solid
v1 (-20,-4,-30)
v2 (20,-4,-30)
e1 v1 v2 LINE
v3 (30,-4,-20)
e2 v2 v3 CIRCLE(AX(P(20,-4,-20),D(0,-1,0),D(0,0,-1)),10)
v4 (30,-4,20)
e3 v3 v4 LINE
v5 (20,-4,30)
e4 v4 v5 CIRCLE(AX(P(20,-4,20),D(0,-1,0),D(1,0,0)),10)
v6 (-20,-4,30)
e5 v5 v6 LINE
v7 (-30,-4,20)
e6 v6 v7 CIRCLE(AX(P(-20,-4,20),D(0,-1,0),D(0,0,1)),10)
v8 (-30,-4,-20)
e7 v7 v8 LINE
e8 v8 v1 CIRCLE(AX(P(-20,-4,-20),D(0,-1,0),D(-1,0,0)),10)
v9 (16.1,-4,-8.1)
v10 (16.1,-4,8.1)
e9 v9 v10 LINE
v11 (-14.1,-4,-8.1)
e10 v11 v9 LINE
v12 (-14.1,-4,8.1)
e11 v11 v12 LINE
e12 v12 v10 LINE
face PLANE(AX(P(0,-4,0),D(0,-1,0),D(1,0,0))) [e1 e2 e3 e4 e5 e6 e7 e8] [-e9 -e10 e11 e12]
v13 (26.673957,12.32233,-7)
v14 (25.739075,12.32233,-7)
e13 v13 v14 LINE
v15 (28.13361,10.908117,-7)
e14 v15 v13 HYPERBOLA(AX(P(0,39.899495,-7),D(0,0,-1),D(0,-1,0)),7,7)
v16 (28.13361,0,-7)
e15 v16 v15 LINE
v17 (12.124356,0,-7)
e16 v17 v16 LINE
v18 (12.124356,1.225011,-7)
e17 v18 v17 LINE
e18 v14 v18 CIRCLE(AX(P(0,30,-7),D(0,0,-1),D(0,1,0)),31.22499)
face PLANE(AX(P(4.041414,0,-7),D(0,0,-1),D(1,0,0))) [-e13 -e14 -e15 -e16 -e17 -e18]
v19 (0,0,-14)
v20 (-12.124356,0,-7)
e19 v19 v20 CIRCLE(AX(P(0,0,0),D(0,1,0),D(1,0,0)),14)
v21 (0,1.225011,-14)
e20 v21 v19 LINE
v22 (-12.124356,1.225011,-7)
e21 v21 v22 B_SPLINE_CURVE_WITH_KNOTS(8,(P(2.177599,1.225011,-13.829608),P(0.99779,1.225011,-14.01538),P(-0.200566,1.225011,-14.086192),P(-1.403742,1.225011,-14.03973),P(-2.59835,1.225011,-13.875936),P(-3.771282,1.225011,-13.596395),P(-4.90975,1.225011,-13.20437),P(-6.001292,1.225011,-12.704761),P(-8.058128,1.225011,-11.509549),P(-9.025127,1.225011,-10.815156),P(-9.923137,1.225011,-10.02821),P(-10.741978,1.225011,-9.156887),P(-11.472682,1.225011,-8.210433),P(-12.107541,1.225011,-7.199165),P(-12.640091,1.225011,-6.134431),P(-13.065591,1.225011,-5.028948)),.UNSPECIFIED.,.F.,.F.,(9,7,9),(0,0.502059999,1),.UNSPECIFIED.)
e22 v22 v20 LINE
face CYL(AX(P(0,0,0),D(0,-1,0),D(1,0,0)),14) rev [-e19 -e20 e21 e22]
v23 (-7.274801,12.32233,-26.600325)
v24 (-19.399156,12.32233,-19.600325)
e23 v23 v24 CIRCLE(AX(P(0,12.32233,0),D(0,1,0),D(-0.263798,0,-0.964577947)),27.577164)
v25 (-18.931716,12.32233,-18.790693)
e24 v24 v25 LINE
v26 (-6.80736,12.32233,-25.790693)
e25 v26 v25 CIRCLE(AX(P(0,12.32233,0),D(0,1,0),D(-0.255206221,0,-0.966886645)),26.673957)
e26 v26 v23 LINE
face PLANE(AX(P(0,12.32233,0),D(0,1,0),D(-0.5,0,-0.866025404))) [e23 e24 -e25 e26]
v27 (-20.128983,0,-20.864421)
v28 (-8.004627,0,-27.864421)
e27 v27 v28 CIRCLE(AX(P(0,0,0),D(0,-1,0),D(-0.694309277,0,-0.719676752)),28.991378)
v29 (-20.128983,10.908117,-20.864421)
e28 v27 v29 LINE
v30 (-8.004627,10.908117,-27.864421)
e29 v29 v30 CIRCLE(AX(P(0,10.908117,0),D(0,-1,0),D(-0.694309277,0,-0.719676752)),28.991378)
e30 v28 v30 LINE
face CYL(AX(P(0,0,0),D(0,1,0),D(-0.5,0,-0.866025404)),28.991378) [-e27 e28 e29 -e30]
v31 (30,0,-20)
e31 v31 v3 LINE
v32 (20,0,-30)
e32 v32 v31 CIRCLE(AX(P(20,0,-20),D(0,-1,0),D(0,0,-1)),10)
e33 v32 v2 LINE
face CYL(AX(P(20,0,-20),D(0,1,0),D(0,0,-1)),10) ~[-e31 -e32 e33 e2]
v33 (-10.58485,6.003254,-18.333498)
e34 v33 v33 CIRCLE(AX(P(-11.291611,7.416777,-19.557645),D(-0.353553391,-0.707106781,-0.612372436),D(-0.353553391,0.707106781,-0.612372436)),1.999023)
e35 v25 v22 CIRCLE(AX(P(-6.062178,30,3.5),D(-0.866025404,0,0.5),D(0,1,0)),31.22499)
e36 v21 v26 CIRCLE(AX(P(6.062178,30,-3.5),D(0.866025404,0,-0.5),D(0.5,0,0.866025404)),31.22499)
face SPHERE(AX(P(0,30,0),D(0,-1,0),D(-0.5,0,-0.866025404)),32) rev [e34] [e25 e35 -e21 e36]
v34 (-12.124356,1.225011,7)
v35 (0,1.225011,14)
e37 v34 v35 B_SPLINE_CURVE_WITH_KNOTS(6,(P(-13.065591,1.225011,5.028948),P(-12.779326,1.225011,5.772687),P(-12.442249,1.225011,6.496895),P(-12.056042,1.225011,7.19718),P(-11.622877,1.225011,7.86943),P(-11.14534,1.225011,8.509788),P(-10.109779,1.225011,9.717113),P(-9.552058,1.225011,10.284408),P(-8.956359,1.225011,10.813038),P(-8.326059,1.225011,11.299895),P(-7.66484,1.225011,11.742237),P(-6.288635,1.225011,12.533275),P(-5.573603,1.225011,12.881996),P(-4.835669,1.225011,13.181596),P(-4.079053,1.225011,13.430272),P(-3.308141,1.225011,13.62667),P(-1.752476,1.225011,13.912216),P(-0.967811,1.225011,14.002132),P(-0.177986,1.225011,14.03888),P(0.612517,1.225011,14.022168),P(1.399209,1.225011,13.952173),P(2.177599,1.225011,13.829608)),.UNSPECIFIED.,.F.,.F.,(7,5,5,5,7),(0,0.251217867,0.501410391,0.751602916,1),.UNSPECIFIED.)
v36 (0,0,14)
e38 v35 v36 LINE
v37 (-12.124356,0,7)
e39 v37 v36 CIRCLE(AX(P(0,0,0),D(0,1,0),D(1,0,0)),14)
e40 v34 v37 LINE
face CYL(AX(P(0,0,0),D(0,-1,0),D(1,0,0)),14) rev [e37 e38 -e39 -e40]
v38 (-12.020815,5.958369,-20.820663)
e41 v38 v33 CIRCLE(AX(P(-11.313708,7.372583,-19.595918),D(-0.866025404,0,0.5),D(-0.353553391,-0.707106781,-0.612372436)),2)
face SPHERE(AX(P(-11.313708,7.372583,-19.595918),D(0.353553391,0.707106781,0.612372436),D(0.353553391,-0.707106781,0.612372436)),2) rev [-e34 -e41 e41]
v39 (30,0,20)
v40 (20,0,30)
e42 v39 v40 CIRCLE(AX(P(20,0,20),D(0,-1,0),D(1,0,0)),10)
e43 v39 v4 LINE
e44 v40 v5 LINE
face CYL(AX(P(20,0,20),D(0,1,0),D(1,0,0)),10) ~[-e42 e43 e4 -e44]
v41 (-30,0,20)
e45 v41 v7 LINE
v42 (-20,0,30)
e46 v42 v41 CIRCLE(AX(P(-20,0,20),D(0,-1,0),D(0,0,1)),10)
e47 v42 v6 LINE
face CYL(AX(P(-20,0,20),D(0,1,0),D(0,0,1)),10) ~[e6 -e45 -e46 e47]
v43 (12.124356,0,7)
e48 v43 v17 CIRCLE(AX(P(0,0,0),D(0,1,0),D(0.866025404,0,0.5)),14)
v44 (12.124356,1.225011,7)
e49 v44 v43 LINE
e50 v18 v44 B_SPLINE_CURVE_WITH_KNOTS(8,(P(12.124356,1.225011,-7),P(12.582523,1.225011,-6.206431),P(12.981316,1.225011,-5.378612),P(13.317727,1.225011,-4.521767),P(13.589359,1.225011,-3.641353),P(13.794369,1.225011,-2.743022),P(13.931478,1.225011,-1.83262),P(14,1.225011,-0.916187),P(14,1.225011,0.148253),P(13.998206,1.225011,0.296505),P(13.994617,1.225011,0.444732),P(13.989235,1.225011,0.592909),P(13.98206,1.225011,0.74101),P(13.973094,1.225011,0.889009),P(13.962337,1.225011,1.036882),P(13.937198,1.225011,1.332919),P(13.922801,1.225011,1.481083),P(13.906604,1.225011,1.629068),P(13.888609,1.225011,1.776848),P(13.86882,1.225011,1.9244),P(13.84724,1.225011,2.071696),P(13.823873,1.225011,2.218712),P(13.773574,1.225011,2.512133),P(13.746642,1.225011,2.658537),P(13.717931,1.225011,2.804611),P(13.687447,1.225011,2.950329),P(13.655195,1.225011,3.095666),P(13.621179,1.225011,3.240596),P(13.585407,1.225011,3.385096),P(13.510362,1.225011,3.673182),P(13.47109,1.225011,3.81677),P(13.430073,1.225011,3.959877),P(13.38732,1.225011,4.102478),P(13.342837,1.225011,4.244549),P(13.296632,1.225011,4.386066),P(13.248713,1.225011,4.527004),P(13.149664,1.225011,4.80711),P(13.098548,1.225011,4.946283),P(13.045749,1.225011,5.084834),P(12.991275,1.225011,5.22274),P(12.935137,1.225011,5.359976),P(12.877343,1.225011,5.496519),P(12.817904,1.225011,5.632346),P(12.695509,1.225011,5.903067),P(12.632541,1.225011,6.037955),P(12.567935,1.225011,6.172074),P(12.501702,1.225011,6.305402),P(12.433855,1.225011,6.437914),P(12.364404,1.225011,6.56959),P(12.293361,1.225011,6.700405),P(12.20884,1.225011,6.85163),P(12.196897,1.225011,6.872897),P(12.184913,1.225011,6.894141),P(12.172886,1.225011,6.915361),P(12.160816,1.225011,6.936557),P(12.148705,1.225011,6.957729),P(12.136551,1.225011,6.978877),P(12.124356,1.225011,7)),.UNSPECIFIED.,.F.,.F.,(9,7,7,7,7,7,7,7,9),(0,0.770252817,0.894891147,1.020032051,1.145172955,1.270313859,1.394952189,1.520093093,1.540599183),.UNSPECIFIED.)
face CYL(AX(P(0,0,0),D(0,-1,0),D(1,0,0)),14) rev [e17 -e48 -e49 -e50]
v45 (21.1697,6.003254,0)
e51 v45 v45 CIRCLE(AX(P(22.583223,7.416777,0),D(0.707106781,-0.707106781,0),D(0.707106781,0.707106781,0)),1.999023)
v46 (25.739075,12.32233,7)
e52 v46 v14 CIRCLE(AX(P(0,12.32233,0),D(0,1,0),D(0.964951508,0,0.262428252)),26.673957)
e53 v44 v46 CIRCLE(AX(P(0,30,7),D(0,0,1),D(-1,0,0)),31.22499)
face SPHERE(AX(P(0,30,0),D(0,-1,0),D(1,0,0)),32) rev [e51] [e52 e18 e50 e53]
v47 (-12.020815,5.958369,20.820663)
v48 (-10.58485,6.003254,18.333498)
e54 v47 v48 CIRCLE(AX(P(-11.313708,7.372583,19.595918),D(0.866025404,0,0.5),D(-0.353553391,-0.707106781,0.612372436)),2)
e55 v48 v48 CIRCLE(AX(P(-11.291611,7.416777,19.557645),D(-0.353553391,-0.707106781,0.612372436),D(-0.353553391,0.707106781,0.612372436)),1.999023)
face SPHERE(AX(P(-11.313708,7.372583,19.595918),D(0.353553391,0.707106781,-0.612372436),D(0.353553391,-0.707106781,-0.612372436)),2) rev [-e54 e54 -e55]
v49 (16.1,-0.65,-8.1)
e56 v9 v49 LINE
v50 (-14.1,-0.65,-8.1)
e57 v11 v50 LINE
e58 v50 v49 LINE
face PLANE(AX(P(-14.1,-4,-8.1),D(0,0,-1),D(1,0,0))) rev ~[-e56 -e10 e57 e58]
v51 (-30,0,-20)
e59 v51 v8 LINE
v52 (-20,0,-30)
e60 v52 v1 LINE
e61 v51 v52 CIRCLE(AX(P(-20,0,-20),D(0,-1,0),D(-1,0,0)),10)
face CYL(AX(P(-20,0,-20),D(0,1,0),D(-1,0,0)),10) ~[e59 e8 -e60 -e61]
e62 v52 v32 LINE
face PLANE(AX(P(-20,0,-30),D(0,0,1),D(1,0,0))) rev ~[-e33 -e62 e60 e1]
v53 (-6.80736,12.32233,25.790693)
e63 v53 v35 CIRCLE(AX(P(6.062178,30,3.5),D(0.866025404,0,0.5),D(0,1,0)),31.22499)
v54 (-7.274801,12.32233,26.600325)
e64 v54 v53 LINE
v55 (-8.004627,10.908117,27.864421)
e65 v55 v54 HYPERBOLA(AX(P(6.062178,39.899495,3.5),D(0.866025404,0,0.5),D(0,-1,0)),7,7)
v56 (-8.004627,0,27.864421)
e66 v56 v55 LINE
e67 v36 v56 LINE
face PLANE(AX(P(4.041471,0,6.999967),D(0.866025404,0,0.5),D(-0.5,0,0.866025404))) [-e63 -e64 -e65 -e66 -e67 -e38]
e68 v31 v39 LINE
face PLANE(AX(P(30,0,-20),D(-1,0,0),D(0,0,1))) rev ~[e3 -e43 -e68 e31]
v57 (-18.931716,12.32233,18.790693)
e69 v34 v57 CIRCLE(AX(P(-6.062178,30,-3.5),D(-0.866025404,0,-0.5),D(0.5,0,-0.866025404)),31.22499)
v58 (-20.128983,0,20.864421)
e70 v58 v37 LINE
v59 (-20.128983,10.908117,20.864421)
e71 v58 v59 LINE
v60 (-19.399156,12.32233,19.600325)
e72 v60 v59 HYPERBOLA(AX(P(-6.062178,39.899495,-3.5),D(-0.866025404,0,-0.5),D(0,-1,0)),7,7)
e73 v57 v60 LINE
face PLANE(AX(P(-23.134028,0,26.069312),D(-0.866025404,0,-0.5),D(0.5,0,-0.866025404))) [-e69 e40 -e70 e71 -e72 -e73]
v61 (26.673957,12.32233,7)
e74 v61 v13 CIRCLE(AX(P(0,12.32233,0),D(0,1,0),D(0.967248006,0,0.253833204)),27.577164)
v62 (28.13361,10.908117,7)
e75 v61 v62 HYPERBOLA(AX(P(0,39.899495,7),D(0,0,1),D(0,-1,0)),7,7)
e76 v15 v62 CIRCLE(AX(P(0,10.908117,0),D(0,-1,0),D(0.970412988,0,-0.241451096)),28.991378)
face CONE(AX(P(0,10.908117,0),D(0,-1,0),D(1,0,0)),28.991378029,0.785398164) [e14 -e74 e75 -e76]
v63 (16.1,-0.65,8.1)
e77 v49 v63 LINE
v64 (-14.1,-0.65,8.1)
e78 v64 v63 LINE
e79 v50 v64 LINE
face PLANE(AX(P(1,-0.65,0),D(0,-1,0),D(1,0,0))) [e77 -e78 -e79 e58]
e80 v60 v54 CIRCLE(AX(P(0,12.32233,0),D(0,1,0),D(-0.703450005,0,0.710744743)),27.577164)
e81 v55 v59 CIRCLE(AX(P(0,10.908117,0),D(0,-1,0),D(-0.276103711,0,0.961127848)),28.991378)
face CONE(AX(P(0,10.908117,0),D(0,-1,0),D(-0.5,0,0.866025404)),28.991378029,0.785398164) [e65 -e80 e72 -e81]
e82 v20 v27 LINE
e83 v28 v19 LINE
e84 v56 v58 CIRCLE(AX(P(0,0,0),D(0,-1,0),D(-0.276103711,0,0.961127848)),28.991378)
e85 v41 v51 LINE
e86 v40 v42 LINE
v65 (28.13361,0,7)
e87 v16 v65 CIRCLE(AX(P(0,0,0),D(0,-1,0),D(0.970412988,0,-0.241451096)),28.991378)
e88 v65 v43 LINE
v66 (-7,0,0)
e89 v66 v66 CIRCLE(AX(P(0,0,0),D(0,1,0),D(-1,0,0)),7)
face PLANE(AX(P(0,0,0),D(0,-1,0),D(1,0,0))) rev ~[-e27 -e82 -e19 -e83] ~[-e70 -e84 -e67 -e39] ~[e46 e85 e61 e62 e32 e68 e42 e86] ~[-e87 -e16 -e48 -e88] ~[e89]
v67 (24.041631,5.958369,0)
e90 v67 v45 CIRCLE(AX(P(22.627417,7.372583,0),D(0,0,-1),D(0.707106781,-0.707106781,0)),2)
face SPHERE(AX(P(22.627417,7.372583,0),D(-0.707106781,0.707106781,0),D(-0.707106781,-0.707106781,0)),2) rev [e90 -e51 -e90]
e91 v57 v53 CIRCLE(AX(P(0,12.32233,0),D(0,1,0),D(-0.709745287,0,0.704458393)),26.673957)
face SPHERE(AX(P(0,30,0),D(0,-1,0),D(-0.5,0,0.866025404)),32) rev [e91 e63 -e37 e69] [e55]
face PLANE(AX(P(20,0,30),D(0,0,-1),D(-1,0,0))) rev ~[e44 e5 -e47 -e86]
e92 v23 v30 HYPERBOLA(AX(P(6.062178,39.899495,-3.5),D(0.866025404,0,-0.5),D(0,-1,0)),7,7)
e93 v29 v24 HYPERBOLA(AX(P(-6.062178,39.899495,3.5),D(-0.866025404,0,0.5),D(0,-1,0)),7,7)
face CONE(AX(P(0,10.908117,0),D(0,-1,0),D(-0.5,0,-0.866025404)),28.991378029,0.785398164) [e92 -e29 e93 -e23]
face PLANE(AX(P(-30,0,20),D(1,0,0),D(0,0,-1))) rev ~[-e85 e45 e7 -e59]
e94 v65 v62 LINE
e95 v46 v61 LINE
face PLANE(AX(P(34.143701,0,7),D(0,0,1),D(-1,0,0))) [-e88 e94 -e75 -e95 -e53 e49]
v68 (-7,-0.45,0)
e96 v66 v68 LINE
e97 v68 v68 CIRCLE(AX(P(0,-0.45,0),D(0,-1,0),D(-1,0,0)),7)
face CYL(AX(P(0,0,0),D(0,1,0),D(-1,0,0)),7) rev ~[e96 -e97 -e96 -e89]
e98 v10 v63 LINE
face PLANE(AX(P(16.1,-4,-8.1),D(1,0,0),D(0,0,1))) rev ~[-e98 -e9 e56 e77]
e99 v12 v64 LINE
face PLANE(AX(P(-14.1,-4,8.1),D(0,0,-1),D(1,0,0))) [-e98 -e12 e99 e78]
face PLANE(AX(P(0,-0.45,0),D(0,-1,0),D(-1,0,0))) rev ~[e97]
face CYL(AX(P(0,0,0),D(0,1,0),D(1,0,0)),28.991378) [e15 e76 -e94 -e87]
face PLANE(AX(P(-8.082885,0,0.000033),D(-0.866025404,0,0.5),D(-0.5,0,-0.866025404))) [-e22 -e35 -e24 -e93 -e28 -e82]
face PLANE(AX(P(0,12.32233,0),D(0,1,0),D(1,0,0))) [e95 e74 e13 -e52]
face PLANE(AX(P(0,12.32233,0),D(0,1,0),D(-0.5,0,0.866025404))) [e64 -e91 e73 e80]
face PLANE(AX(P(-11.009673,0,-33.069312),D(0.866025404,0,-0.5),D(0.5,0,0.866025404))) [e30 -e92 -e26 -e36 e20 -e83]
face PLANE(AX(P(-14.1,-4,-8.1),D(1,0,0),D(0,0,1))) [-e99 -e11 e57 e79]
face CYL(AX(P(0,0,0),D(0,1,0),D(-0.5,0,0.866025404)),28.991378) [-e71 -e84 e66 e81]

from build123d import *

# Parameters (mm, degrees)
CUT_EXTRUDE_1_DEPTH      = 43.811678643
PATTERN_CIRCULAR_5_COUNT = 3
EXTRUDE_1_DEPTH          = 4
SKETCH_5_R               = 14
CUT_EXTRUDE_2_DEPTH      = 45.179631373
SKETCH_6_R               = 7
CUT_EXTRUDE_3_DEPTH      = 45.17963138
SKETCH_7_W               = 30.2
SKETCH_7_H               = 16.2
CUT_EXTRUDE_4_DEPTH      = 3.35
EXTRUDE_START            = -0.2
SKETCH_8_R               = 7
EXTRUDE_2_DEPTH          = 0.2


with BuildPart() as part:
    # Эскиз1 → Повернуть1 (revolve)
    with BuildSketch(Plane.XY):
        with BuildLine():
            Line((11.135528726, 0), (28.991378029, 0))
            Line((28.991378029, 0), (28.991378029, 10.908116908))
            Line((28.991378029, 10.908116908), (27.577164466, 12.32233047))
            Line((27.577164466, 12.32233047), (26.673957337, 12.32233047))
            ThreePointArc((26.673957337, 12.32233047), (19.883391716, 4.927091635), (11.135528726, 0))
        make_face()
    revolve(axis=Axis((0, 0, 0), (0, 1, 0)))

    # Эскиз2 → Вырез-Вытянуть1 (cut, through all)
    with BuildSketch(Plane.XZ):
        with BuildLine():
            Line((4.04141358, 7), (4.04141358, -7))
            Line((4.04141358, -7), (34.14370091, -7))
            ThreePointArc((34.14370091, -7), (-34.85387083, 0), (34.14370091, 7))
            Line((34.14370091, 7), (28.133609793, 7))
            Line((28.133609793, 7), (4.04141358, 7))
        make_face()
    extrude(amount=-CUT_EXTRUDE_1_DEPTH, mode=Mode.SUBTRACT)

    # Эскиз3 → Вырез-Повернуть3 (revolve, cut)
    with BuildSketch(Plane.XY):
        with BuildLine():
            Line((21.213203436, 8.786796564), (24.04163056, 5.95836944))
            ThreePointArc((24.04163056, 5.95836944), (21.213203436, 5.95836944), (21.213203436, 8.786796564))
        make_face()
    revolve(axis=Axis((0, 30, 0), (0.7071067811865439, -0.7071067811865512, 0)), mode=Mode.SUBTRACT)


with BuildPart() as pattern_circular_5_1:
    # Круговой массив5: pattern copy
    add(part.part.rotate(Axis((0, 0, 0), (0, 1, 0)), 1 * 360 / PATTERN_CIRCULAR_5_COUNT))


with BuildPart() as pattern_circular_5_2:
    # Круговой массив5: pattern copy
    add(part.part.rotate(Axis((0, 0, 0), (0, 1, 0)), 2 * 360 / PATTERN_CIRCULAR_5_COUNT))


with BuildPart() as part_1:
    add(part.part)

    add(pattern_circular_5_1.part)  # Бобышка-Вытянуть1 merges Круговой массив5_1

    add(pattern_circular_5_2.part)  # Бобышка-Вытянуть1 merges Круговой массив5_2
    # Эскиз4 → Бобышка-Вытянуть1 (add)
    with BuildSketch(Plane.XZ):
        with BuildLine():
            Line((-20, -30), (20, -30))
            ThreePointArc((20, -30), (27.071067812, -27.071067812), (30, -20))
            Line((30, -20), (30, 20))
            ThreePointArc((30, 20), (27.071067812, 27.071067812), (20, 30))
            Line((20, 30), (-20, 30))
            ThreePointArc((-20, 30), (-27.071067812, 27.071067812), (-30, 20))
            Line((-30, 20), (-30, -20))
            ThreePointArc((-30, -20), (-27.071067812, -27.071067812), (-20, -30))
        make_face()
    extrude(amount=EXTRUDE_1_DEPTH)

    # Эскиз5 → Вырез-Вытянуть2 (cut, through all)
    with BuildSketch(Plane(origin=(0, 0, 0), x_dir=(1, 0, 0), z_dir=(0, 1, 0))):
        Circle(SKETCH_5_R)
    extrude(amount=CUT_EXTRUDE_2_DEPTH, mode=Mode.SUBTRACT)

    # Эскиз6 → Вырез-Вытянуть3 (cut, through all)
    with BuildSketch(Plane(origin=(0, 0, 0), x_dir=(1, 0, 0), z_dir=(0, 1, 0))):
        Circle(SKETCH_6_R)
    extrude(amount=-CUT_EXTRUDE_3_DEPTH, mode=Mode.SUBTRACT)

    # Эскиз7 → Вырез-Вытянуть4 (cut)
    with BuildSketch(Plane.XZ.offset(4)):
        with Locations((1, 0)):
            Rectangle(SKETCH_7_W, SKETCH_7_H)
    extrude(amount=-CUT_EXTRUDE_4_DEPTH, mode=Mode.SUBTRACT)

    # Эскиз8 → Бобышка-Вытянуть2 (add)
    with BuildSketch(Plane.XZ.offset(0.65).offset(EXTRUDE_START)):
        Circle(SKETCH_8_R)
    extrude(amount=EXTRUDE_2_DEPTH)


solid = part_1.part
